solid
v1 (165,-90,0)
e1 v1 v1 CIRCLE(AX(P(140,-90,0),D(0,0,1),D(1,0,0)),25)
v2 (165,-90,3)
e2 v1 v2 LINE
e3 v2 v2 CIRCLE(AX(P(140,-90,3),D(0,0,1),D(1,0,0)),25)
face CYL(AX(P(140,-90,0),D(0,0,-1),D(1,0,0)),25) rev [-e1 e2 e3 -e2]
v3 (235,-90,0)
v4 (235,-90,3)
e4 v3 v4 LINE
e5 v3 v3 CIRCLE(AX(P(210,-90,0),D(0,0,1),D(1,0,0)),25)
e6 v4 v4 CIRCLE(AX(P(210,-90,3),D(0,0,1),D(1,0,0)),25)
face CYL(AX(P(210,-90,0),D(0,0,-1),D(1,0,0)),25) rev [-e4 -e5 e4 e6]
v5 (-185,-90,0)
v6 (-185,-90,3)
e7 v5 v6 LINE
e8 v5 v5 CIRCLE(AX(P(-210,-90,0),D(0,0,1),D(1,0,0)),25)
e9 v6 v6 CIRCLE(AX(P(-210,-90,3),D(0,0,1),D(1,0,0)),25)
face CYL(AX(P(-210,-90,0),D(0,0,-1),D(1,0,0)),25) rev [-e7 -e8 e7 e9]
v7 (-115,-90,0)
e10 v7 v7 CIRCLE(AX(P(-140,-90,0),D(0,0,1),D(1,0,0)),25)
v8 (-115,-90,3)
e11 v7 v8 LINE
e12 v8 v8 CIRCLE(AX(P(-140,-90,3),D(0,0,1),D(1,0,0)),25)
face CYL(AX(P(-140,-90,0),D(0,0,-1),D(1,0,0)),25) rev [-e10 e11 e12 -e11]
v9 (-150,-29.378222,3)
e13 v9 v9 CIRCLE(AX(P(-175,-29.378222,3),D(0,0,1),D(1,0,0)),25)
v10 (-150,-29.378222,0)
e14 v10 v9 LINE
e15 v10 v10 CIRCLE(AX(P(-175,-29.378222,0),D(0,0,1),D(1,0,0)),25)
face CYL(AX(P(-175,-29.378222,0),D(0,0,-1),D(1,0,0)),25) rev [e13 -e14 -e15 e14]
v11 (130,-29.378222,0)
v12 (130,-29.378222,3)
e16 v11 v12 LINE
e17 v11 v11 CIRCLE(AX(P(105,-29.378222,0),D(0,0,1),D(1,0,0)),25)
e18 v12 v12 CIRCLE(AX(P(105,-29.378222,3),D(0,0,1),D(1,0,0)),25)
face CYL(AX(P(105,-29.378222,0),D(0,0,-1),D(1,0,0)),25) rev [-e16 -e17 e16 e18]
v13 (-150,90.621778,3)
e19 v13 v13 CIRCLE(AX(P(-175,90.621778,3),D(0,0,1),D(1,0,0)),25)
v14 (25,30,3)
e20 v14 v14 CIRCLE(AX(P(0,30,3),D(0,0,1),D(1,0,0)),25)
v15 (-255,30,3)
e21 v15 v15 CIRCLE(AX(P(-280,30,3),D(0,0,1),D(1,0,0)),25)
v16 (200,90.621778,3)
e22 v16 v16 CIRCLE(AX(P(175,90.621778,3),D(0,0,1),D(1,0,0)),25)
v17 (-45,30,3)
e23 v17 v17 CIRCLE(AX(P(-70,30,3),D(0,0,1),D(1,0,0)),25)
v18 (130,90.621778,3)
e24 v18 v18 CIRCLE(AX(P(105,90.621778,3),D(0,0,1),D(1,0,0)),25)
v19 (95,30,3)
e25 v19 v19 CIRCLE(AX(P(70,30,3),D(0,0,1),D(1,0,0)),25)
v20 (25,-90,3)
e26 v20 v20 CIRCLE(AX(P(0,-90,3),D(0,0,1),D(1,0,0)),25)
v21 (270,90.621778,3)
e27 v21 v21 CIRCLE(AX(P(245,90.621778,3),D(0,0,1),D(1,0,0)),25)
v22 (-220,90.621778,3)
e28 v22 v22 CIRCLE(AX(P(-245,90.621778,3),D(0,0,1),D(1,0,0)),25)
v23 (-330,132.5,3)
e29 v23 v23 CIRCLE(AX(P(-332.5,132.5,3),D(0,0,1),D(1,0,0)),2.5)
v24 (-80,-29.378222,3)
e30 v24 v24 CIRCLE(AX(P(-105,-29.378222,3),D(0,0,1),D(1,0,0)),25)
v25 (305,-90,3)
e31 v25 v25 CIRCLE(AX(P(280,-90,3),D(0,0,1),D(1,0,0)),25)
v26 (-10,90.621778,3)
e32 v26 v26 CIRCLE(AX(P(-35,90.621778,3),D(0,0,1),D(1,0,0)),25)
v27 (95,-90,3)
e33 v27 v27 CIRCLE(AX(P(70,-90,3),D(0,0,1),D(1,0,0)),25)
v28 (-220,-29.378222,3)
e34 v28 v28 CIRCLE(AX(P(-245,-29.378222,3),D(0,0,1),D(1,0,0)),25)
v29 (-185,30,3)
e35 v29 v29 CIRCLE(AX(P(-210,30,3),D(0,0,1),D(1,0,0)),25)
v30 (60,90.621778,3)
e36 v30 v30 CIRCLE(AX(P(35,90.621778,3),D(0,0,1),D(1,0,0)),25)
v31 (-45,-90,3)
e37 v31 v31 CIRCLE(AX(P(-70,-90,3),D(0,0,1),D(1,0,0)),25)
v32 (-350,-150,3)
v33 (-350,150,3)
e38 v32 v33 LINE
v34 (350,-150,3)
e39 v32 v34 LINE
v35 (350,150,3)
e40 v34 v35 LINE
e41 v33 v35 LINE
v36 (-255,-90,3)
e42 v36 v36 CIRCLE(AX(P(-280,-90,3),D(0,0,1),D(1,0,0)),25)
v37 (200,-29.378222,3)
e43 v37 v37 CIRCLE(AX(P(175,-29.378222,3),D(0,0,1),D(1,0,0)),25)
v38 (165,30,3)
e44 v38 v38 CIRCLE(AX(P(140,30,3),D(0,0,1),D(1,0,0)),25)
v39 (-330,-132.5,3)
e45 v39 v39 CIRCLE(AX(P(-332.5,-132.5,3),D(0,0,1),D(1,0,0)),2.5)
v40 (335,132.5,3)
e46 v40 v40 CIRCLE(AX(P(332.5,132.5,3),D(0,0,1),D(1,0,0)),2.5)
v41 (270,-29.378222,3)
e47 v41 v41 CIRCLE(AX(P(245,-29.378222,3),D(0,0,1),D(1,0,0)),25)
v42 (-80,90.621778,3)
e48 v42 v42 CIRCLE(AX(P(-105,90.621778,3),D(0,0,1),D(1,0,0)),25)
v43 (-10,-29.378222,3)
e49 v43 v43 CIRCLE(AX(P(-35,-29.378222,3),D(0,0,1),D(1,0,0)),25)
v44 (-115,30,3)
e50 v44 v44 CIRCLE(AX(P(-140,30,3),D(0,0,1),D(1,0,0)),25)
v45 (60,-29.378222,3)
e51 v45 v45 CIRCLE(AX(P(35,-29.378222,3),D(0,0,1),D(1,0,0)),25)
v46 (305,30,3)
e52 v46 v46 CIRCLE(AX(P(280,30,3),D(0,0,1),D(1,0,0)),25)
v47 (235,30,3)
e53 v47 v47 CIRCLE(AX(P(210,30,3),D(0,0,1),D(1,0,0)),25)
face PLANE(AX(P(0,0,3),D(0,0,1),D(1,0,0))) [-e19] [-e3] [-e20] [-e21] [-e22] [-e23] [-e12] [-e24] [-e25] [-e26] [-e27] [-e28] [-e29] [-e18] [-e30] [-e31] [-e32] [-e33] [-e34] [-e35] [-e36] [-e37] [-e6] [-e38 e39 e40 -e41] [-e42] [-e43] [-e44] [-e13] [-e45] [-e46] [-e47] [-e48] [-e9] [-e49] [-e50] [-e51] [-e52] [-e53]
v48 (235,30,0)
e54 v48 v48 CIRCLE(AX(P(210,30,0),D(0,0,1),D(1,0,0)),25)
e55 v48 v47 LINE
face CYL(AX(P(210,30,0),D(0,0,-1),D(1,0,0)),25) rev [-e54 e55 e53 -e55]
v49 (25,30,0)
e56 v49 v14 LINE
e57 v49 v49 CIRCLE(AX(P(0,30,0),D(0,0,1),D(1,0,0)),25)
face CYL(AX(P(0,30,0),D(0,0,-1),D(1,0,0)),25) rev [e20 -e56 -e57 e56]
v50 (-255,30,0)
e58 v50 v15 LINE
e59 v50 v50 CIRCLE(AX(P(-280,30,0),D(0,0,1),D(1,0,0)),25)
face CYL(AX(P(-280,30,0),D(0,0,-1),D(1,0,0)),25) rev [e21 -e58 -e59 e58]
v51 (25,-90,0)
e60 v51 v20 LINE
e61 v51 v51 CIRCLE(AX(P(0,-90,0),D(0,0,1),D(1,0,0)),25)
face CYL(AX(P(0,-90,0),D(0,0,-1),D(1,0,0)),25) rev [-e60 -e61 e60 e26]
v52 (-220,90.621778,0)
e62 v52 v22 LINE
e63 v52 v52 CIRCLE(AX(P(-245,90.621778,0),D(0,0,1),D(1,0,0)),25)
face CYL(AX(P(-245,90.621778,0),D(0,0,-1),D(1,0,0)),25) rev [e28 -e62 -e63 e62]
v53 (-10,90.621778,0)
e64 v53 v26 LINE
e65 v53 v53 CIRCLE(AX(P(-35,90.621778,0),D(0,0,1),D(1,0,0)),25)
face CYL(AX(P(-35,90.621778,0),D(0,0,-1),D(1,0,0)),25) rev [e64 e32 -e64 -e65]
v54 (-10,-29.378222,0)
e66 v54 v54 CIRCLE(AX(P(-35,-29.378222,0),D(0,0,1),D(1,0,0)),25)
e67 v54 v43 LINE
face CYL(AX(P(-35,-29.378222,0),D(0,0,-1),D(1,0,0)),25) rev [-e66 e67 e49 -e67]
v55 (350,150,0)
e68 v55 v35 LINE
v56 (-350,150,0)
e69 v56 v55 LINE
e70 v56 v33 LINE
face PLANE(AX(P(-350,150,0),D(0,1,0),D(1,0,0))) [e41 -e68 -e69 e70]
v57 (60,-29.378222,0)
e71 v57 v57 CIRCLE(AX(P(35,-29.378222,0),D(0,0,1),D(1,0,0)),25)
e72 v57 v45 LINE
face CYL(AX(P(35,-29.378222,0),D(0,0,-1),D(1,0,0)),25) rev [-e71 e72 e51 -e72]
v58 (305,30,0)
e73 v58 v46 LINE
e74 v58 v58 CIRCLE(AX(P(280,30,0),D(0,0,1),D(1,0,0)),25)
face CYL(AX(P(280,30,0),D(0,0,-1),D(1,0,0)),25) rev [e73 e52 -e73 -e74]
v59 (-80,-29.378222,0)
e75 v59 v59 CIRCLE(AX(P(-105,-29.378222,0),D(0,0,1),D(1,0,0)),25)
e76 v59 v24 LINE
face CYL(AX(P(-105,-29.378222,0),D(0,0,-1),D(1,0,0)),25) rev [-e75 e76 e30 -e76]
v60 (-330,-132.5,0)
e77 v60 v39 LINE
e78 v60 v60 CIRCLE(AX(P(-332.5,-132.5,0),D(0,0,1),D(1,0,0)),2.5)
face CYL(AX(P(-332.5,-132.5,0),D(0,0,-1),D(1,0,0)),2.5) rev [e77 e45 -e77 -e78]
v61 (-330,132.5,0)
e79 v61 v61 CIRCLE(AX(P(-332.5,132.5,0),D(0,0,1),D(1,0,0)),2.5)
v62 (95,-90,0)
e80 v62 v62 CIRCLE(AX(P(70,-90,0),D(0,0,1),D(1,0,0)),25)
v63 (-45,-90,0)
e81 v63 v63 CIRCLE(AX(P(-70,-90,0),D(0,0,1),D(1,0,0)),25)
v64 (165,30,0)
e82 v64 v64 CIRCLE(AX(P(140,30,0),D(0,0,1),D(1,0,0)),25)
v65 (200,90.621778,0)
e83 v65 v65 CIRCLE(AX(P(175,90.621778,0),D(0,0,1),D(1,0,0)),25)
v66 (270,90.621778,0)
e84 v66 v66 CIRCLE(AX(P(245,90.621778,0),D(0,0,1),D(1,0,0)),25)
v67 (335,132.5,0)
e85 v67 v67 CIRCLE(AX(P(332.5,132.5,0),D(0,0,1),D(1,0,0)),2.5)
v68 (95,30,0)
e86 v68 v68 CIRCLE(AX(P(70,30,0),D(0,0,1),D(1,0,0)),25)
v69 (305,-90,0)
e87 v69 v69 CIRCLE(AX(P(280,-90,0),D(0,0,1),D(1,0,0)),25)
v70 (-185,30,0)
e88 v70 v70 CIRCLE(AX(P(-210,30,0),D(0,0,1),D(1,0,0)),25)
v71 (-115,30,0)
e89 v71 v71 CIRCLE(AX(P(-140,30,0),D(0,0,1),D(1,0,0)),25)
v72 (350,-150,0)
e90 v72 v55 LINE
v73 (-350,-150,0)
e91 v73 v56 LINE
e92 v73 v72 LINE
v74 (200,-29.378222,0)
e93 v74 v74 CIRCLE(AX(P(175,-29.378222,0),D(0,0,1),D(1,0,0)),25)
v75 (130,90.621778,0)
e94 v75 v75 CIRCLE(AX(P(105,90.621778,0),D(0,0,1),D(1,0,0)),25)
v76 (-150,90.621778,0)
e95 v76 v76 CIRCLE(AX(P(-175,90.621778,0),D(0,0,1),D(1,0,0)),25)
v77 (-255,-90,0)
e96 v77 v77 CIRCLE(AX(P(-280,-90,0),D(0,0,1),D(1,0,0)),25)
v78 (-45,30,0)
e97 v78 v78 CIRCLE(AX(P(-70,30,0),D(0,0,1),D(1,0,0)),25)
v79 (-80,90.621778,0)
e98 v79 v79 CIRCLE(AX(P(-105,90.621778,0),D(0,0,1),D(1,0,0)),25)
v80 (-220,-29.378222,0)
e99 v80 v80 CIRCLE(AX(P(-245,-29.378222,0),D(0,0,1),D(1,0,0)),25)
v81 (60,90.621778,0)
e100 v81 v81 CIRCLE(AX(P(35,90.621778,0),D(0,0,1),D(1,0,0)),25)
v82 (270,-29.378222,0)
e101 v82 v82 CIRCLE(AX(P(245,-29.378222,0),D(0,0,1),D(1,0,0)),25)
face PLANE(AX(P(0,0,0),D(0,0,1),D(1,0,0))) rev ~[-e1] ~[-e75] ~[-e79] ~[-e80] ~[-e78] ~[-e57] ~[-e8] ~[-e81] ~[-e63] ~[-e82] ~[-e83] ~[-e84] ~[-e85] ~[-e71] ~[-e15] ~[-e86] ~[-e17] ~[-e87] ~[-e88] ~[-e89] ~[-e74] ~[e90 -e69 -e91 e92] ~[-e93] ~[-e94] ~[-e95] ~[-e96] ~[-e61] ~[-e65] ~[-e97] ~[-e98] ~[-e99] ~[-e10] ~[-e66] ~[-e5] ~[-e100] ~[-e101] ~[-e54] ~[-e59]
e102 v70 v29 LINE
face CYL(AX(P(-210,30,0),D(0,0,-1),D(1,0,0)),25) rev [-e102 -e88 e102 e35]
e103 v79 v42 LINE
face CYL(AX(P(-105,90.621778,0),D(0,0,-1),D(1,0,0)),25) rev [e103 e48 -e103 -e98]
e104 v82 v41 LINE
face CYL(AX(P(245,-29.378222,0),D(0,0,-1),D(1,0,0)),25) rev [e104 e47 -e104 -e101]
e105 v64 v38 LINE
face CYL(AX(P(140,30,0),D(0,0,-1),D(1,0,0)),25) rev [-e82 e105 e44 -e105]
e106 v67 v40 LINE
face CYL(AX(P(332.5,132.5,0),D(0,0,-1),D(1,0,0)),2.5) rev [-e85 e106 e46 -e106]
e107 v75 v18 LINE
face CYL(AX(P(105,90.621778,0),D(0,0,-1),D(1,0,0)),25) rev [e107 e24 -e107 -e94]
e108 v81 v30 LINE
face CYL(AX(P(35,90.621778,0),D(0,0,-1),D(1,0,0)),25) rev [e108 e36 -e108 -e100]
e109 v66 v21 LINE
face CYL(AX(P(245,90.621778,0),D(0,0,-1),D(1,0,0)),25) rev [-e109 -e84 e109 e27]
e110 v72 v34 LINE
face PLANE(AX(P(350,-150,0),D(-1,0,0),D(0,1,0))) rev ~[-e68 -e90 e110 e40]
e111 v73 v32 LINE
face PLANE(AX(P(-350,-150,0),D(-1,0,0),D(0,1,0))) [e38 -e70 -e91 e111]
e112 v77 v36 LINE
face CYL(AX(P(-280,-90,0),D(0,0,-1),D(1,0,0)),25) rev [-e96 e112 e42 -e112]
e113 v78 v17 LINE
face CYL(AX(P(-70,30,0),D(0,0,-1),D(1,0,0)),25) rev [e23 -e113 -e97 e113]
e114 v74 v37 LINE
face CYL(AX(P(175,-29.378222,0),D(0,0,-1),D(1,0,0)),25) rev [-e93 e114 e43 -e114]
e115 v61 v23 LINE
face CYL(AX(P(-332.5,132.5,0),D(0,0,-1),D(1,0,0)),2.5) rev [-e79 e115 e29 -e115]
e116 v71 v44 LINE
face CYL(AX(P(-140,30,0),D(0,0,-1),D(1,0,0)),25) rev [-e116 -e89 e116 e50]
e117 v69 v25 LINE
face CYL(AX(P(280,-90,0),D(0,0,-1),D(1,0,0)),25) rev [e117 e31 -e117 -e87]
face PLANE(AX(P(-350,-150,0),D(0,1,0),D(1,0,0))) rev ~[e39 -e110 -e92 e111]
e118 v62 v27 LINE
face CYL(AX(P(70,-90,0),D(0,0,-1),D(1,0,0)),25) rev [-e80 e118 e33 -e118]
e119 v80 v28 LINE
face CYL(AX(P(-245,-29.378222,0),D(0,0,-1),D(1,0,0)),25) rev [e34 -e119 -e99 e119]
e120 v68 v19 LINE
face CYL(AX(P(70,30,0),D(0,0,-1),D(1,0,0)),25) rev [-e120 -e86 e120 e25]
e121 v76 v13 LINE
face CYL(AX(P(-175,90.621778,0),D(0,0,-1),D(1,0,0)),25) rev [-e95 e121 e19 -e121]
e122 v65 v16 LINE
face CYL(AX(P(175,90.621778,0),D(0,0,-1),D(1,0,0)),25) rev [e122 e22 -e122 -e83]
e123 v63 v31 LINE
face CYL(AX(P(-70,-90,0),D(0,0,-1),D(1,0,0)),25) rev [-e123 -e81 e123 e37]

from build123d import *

# Parameters (mm, degrees)
F0_W     = 700
F0_H     = 300
F0_R     = 2.5
F0_R_2   = 25
F1_DEPTH = 3


with BuildPart() as f1:
    # F0 (on Top) → F1 (new body)
    with BuildSketch(Plane.XY):
        Rectangle(F0_W, F0_H)
        with Locations((-332.5, -132.5)):
            Circle(F0_R, mode=Mode.SUBTRACT)
        with Locations((-280, -90)):
            Circle(F0_R_2, mode=Mode.SUBTRACT)
        with Locations((-210, -90)):
            Circle(F0_R_2, mode=Mode.SUBTRACT)
        with Locations((-140, -90)):
            Circle(F0_R_2, mode=Mode.SUBTRACT)
        with Locations((-70, -90)):
            Circle(F0_R_2, mode=Mode.SUBTRACT)
        with Locations((-245, -29.378222)):
            Circle(F0_R_2, mode=Mode.SUBTRACT)
        with Locations((-175, -29.378222)):
            Circle(F0_R_2, mode=Mode.SUBTRACT)
        with Locations((-105, -29.378222)):
            Circle(F0_R_2, mode=Mode.SUBTRACT)
        with Locations((-35, -29.378222)):
            Circle(F0_R_2, mode=Mode.SUBTRACT)
        with Locations((0, -90)):
            Circle(F0_R_2, mode=Mode.SUBTRACT)
        with Locations((70, -90)):
            Circle(F0_R_2, mode=Mode.SUBTRACT)
        with Locations((140, -90)):
            Circle(F0_R_2, mode=Mode.SUBTRACT)
        with Locations((210, -90)):
            Circle(F0_R_2, mode=Mode.SUBTRACT)
        with Locations((280, -90)):
            Circle(F0_R_2, mode=Mode.SUBTRACT)
        with Locations((35, -29.378222)):
            Circle(F0_R_2, mode=Mode.SUBTRACT)
        with Locations((105, -29.378222)):
            Circle(F0_R_2, mode=Mode.SUBTRACT)
        with Locations((175, -29.378222)):
            Circle(F0_R_2, mode=Mode.SUBTRACT)
        with Locations((245, -29.378222)):
            Circle(F0_R_2, mode=Mode.SUBTRACT)
        with Locations((-280, 30)):
            Circle(F0_R_2, mode=Mode.SUBTRACT)
        with Locations((-210, 30)):
            Circle(F0_R_2, mode=Mode.SUBTRACT)
        with Locations((-140, 30)):
            Circle(F0_R_2, mode=Mode.SUBTRACT)
        with Locations((-70, 30)):
            Circle(F0_R_2, mode=Mode.SUBTRACT)
        with Locations((-245, 90.621778)):
            Circle(F0_R_2, mode=Mode.SUBTRACT)
        with Locations((-332.5, 132.5)):
            Circle(F0_R, mode=Mode.SUBTRACT)
        with Locations((-175, 90.621778)):
            Circle(F0_R_2, mode=Mode.SUBTRACT)
        with Locations((-105, 90.621778)):
            Circle(F0_R_2, mode=Mode.SUBTRACT)
        with Locations((-35, 90.621778)):
            Circle(F0_R_2, mode=Mode.SUBTRACT)
        with Locations((0, 30)):
            Circle(F0_R_2, mode=Mode.SUBTRACT)
        with Locations((70, 30)):
            Circle(F0_R_2, mode=Mode.SUBTRACT)
        with Locations((140, 30)):
            Circle(F0_R_2, mode=Mode.SUBTRACT)
        with Locations((210, 30)):
            Circle(F0_R_2, mode=Mode.SUBTRACT)
        with Locations((280, 30)):
            Circle(F0_R_2, mode=Mode.SUBTRACT)
        with Locations((35, 90.621778)):
            Circle(F0_R_2, mode=Mode.SUBTRACT)
        with Locations((105, 90.621778)):
            Circle(F0_R_2, mode=Mode.SUBTRACT)
        with Locations((175, 90.621778)):
            Circle(F0_R_2, mode=Mode.SUBTRACT)
        with Locations((245, 90.621778)):
            Circle(F0_R_2, mode=Mode.SUBTRACT)
        with Locations((332.5, 132.5)):
            Circle(F0_R, mode=Mode.SUBTRACT)
    extrude(amount=F1_DEPTH)


solid = f1.part
